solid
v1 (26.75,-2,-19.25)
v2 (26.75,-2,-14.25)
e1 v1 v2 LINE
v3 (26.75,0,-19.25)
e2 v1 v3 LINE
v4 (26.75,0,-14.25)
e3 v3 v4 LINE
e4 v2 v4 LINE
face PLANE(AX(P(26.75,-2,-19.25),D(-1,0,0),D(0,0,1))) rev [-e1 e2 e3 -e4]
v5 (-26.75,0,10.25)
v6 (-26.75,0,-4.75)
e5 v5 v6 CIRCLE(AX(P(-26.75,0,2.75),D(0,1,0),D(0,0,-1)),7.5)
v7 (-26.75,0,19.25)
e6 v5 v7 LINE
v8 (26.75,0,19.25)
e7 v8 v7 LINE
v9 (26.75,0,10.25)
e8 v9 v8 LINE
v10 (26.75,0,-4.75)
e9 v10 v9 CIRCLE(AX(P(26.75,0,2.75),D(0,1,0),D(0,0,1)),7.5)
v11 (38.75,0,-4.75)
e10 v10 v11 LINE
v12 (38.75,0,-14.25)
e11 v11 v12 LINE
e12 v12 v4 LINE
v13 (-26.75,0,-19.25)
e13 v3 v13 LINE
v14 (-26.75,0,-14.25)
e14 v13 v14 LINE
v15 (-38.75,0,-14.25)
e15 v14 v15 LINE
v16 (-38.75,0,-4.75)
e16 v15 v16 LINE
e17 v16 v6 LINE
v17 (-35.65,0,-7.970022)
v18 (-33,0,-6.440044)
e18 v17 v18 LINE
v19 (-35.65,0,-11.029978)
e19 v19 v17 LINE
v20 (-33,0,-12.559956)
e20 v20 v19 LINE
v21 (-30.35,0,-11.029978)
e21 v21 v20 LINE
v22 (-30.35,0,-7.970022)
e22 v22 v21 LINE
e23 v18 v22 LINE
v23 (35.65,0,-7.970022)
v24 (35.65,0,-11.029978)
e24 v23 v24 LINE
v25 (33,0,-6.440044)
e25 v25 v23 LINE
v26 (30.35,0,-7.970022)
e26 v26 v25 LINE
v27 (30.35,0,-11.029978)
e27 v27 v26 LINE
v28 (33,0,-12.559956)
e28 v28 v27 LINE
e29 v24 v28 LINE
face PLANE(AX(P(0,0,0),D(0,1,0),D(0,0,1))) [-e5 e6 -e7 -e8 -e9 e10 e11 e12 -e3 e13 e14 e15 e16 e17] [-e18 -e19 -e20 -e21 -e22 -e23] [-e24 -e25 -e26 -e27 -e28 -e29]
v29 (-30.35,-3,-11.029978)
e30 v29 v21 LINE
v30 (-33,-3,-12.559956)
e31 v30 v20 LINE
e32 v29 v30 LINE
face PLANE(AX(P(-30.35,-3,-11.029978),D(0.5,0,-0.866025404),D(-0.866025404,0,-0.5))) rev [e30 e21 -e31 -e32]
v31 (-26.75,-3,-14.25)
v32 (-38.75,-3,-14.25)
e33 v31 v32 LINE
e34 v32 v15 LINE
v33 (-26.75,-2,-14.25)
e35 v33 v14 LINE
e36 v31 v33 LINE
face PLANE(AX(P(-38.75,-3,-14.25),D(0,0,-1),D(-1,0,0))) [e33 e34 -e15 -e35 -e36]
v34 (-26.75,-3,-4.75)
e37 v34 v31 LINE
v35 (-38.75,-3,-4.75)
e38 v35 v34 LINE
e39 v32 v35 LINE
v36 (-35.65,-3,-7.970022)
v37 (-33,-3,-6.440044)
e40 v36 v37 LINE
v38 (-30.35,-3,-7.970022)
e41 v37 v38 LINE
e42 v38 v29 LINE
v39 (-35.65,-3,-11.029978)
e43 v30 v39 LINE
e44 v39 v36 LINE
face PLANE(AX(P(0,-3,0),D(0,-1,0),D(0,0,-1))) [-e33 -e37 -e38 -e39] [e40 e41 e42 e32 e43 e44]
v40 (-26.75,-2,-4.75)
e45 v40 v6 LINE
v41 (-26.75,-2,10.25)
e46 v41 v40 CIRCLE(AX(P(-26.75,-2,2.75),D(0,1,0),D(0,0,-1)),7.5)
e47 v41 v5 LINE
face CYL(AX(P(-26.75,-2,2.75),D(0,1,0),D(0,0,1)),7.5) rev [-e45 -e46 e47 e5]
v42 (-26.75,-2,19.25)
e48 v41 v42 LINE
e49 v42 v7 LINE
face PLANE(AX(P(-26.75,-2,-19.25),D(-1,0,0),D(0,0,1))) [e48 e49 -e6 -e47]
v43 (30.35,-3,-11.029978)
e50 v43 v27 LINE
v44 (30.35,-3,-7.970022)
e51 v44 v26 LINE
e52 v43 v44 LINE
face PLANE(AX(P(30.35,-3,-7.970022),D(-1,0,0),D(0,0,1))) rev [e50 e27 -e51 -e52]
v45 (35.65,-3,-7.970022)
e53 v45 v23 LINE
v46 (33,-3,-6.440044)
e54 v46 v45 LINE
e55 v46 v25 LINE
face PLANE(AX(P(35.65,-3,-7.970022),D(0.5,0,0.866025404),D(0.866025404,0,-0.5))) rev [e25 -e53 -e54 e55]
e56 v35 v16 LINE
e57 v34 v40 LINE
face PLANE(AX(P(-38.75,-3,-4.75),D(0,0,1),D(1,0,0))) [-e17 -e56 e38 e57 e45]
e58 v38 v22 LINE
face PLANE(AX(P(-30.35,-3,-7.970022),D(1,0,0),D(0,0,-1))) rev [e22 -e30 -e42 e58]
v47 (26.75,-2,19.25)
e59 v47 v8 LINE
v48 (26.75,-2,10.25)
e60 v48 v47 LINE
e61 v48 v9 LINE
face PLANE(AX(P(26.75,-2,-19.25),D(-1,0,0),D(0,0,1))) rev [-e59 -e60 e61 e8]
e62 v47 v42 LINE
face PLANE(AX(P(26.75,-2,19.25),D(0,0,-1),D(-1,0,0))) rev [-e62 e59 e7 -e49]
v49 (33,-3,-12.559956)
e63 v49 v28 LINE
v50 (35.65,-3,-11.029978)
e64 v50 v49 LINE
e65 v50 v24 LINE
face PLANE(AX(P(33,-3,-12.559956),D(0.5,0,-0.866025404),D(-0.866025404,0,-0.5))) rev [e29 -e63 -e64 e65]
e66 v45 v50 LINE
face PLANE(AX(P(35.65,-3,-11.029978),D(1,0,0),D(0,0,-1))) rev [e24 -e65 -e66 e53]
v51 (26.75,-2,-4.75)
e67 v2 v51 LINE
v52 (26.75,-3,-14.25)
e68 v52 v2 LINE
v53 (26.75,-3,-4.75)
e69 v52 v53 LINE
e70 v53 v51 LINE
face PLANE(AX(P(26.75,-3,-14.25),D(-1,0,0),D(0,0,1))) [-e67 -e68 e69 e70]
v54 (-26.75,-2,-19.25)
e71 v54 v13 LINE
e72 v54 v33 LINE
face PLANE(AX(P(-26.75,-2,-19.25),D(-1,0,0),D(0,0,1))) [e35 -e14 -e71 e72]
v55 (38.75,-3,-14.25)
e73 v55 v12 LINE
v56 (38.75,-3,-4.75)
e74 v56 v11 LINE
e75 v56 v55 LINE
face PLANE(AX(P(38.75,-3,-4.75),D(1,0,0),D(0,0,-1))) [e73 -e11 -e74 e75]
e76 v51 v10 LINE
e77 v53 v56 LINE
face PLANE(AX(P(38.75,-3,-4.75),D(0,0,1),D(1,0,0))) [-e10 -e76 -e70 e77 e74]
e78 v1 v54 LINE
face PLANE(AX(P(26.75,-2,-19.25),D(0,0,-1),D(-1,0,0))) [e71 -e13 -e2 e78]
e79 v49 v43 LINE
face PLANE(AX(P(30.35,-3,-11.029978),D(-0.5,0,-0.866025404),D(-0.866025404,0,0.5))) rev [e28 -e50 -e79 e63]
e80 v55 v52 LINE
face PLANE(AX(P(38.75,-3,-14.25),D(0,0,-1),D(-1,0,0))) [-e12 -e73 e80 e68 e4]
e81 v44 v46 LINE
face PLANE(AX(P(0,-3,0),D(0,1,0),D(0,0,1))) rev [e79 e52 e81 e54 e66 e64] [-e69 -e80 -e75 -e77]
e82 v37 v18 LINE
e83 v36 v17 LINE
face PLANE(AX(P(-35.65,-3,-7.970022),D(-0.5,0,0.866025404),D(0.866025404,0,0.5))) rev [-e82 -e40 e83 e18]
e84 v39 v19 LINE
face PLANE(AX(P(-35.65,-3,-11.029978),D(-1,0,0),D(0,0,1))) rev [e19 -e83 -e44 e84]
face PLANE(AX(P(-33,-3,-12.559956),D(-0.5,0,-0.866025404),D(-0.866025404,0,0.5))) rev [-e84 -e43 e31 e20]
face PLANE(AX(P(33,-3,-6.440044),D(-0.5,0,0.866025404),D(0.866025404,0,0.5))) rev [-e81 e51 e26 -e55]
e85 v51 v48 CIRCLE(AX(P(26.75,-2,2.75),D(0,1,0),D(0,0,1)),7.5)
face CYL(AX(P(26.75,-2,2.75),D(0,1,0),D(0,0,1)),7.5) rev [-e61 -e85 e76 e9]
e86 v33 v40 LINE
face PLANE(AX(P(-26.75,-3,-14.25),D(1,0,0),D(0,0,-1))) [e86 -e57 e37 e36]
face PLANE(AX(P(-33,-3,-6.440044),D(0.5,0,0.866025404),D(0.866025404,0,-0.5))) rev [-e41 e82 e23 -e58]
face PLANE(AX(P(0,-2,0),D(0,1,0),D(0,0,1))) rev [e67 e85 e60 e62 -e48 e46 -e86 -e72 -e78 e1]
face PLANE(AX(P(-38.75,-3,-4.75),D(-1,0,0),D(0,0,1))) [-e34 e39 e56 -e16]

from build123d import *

# Parameters (mm, degrees)
SKETCH1_W           = 53.5
SKETCH1_H           = 38.5
BOSS_EXTRUDE1_DEPTH = 2
SKETCH2_W           = 12
SKETCH2_H           = 9.5
BOSS_EXTRUDE2_DEPTH = 3
CUT_EXTRUDE1_DEPTH  = 2


with BuildPart() as part:
    # Sketch1 → Boss-Extrude1 (new body)
    with BuildSketch(Plane(origin=(0, 0, 0), x_dir=(1, 0, 0), z_dir=(0, 1, 0))):
        Rectangle(SKETCH1_W, SKETCH1_H)
    extrude(amount=-BOSS_EXTRUDE1_DEPTH)

    # Sketch2 → Boss-Extrude2 (add)
    # profile 1 of 2: a face of its own
    with BuildSketch(Plane(origin=(0, 0, 0), x_dir=(1, 0, 0), z_dir=(0, 1, 0))):
        with Locations((-32.75, 9.5)):
            Rectangle(SKETCH2_W, SKETCH2_H)
        Polygon((-33, 6.440043573), (-30.35, 7.970021787), (-30.35, 11.029978213), (-33, 12.559956427), (-35.65, 11.029978213), (-35.65, 7.970021787), align=None, mode=Mode.SUBTRACT)
    # profile 2 of 2: a face of its own
    with BuildSketch(Plane(origin=(0, 0, 0), x_dir=(1, 0, 0), z_dir=(0, 1, 0))):
        with Locations((32.75, 9.5)):
            Rectangle(SKETCH2_W, SKETCH2_H)
        Polygon((35.65, 7.970021787), (33, 6.440043573), (30.35, 7.970021787), (30.35, 11.029978213), (33, 12.559956427), (35.65, 11.029978213), align=None, mode=Mode.SUBTRACT)
    extrude(amount=-BOSS_EXTRUDE2_DEPTH)

    # Sketch3 → Cut-Extrude1 (cut)
    with BuildSketch(Plane(origin=(0, 0, 0), x_dir=(1, 0, 0), z_dir=(0, 1, 0))):
        with BuildLine():
            Line((-26.75, 4.75), (-26.75, -10.25))
            ThreePointArc((-26.75, -10.25), (-19.25, -2.75), (-26.75, 4.75))
        make_face()
        with BuildLine():
            Line((26.75, 4.75), (26.75, -10.25))
            ThreePointArc((26.75, -10.25), (19.25, -2.75), (26.75, 4.75))
        make_face()
    extrude(amount=-CUT_EXTRUDE1_DEPTH, mode=Mode.SUBTRACT)


solid = part.part
